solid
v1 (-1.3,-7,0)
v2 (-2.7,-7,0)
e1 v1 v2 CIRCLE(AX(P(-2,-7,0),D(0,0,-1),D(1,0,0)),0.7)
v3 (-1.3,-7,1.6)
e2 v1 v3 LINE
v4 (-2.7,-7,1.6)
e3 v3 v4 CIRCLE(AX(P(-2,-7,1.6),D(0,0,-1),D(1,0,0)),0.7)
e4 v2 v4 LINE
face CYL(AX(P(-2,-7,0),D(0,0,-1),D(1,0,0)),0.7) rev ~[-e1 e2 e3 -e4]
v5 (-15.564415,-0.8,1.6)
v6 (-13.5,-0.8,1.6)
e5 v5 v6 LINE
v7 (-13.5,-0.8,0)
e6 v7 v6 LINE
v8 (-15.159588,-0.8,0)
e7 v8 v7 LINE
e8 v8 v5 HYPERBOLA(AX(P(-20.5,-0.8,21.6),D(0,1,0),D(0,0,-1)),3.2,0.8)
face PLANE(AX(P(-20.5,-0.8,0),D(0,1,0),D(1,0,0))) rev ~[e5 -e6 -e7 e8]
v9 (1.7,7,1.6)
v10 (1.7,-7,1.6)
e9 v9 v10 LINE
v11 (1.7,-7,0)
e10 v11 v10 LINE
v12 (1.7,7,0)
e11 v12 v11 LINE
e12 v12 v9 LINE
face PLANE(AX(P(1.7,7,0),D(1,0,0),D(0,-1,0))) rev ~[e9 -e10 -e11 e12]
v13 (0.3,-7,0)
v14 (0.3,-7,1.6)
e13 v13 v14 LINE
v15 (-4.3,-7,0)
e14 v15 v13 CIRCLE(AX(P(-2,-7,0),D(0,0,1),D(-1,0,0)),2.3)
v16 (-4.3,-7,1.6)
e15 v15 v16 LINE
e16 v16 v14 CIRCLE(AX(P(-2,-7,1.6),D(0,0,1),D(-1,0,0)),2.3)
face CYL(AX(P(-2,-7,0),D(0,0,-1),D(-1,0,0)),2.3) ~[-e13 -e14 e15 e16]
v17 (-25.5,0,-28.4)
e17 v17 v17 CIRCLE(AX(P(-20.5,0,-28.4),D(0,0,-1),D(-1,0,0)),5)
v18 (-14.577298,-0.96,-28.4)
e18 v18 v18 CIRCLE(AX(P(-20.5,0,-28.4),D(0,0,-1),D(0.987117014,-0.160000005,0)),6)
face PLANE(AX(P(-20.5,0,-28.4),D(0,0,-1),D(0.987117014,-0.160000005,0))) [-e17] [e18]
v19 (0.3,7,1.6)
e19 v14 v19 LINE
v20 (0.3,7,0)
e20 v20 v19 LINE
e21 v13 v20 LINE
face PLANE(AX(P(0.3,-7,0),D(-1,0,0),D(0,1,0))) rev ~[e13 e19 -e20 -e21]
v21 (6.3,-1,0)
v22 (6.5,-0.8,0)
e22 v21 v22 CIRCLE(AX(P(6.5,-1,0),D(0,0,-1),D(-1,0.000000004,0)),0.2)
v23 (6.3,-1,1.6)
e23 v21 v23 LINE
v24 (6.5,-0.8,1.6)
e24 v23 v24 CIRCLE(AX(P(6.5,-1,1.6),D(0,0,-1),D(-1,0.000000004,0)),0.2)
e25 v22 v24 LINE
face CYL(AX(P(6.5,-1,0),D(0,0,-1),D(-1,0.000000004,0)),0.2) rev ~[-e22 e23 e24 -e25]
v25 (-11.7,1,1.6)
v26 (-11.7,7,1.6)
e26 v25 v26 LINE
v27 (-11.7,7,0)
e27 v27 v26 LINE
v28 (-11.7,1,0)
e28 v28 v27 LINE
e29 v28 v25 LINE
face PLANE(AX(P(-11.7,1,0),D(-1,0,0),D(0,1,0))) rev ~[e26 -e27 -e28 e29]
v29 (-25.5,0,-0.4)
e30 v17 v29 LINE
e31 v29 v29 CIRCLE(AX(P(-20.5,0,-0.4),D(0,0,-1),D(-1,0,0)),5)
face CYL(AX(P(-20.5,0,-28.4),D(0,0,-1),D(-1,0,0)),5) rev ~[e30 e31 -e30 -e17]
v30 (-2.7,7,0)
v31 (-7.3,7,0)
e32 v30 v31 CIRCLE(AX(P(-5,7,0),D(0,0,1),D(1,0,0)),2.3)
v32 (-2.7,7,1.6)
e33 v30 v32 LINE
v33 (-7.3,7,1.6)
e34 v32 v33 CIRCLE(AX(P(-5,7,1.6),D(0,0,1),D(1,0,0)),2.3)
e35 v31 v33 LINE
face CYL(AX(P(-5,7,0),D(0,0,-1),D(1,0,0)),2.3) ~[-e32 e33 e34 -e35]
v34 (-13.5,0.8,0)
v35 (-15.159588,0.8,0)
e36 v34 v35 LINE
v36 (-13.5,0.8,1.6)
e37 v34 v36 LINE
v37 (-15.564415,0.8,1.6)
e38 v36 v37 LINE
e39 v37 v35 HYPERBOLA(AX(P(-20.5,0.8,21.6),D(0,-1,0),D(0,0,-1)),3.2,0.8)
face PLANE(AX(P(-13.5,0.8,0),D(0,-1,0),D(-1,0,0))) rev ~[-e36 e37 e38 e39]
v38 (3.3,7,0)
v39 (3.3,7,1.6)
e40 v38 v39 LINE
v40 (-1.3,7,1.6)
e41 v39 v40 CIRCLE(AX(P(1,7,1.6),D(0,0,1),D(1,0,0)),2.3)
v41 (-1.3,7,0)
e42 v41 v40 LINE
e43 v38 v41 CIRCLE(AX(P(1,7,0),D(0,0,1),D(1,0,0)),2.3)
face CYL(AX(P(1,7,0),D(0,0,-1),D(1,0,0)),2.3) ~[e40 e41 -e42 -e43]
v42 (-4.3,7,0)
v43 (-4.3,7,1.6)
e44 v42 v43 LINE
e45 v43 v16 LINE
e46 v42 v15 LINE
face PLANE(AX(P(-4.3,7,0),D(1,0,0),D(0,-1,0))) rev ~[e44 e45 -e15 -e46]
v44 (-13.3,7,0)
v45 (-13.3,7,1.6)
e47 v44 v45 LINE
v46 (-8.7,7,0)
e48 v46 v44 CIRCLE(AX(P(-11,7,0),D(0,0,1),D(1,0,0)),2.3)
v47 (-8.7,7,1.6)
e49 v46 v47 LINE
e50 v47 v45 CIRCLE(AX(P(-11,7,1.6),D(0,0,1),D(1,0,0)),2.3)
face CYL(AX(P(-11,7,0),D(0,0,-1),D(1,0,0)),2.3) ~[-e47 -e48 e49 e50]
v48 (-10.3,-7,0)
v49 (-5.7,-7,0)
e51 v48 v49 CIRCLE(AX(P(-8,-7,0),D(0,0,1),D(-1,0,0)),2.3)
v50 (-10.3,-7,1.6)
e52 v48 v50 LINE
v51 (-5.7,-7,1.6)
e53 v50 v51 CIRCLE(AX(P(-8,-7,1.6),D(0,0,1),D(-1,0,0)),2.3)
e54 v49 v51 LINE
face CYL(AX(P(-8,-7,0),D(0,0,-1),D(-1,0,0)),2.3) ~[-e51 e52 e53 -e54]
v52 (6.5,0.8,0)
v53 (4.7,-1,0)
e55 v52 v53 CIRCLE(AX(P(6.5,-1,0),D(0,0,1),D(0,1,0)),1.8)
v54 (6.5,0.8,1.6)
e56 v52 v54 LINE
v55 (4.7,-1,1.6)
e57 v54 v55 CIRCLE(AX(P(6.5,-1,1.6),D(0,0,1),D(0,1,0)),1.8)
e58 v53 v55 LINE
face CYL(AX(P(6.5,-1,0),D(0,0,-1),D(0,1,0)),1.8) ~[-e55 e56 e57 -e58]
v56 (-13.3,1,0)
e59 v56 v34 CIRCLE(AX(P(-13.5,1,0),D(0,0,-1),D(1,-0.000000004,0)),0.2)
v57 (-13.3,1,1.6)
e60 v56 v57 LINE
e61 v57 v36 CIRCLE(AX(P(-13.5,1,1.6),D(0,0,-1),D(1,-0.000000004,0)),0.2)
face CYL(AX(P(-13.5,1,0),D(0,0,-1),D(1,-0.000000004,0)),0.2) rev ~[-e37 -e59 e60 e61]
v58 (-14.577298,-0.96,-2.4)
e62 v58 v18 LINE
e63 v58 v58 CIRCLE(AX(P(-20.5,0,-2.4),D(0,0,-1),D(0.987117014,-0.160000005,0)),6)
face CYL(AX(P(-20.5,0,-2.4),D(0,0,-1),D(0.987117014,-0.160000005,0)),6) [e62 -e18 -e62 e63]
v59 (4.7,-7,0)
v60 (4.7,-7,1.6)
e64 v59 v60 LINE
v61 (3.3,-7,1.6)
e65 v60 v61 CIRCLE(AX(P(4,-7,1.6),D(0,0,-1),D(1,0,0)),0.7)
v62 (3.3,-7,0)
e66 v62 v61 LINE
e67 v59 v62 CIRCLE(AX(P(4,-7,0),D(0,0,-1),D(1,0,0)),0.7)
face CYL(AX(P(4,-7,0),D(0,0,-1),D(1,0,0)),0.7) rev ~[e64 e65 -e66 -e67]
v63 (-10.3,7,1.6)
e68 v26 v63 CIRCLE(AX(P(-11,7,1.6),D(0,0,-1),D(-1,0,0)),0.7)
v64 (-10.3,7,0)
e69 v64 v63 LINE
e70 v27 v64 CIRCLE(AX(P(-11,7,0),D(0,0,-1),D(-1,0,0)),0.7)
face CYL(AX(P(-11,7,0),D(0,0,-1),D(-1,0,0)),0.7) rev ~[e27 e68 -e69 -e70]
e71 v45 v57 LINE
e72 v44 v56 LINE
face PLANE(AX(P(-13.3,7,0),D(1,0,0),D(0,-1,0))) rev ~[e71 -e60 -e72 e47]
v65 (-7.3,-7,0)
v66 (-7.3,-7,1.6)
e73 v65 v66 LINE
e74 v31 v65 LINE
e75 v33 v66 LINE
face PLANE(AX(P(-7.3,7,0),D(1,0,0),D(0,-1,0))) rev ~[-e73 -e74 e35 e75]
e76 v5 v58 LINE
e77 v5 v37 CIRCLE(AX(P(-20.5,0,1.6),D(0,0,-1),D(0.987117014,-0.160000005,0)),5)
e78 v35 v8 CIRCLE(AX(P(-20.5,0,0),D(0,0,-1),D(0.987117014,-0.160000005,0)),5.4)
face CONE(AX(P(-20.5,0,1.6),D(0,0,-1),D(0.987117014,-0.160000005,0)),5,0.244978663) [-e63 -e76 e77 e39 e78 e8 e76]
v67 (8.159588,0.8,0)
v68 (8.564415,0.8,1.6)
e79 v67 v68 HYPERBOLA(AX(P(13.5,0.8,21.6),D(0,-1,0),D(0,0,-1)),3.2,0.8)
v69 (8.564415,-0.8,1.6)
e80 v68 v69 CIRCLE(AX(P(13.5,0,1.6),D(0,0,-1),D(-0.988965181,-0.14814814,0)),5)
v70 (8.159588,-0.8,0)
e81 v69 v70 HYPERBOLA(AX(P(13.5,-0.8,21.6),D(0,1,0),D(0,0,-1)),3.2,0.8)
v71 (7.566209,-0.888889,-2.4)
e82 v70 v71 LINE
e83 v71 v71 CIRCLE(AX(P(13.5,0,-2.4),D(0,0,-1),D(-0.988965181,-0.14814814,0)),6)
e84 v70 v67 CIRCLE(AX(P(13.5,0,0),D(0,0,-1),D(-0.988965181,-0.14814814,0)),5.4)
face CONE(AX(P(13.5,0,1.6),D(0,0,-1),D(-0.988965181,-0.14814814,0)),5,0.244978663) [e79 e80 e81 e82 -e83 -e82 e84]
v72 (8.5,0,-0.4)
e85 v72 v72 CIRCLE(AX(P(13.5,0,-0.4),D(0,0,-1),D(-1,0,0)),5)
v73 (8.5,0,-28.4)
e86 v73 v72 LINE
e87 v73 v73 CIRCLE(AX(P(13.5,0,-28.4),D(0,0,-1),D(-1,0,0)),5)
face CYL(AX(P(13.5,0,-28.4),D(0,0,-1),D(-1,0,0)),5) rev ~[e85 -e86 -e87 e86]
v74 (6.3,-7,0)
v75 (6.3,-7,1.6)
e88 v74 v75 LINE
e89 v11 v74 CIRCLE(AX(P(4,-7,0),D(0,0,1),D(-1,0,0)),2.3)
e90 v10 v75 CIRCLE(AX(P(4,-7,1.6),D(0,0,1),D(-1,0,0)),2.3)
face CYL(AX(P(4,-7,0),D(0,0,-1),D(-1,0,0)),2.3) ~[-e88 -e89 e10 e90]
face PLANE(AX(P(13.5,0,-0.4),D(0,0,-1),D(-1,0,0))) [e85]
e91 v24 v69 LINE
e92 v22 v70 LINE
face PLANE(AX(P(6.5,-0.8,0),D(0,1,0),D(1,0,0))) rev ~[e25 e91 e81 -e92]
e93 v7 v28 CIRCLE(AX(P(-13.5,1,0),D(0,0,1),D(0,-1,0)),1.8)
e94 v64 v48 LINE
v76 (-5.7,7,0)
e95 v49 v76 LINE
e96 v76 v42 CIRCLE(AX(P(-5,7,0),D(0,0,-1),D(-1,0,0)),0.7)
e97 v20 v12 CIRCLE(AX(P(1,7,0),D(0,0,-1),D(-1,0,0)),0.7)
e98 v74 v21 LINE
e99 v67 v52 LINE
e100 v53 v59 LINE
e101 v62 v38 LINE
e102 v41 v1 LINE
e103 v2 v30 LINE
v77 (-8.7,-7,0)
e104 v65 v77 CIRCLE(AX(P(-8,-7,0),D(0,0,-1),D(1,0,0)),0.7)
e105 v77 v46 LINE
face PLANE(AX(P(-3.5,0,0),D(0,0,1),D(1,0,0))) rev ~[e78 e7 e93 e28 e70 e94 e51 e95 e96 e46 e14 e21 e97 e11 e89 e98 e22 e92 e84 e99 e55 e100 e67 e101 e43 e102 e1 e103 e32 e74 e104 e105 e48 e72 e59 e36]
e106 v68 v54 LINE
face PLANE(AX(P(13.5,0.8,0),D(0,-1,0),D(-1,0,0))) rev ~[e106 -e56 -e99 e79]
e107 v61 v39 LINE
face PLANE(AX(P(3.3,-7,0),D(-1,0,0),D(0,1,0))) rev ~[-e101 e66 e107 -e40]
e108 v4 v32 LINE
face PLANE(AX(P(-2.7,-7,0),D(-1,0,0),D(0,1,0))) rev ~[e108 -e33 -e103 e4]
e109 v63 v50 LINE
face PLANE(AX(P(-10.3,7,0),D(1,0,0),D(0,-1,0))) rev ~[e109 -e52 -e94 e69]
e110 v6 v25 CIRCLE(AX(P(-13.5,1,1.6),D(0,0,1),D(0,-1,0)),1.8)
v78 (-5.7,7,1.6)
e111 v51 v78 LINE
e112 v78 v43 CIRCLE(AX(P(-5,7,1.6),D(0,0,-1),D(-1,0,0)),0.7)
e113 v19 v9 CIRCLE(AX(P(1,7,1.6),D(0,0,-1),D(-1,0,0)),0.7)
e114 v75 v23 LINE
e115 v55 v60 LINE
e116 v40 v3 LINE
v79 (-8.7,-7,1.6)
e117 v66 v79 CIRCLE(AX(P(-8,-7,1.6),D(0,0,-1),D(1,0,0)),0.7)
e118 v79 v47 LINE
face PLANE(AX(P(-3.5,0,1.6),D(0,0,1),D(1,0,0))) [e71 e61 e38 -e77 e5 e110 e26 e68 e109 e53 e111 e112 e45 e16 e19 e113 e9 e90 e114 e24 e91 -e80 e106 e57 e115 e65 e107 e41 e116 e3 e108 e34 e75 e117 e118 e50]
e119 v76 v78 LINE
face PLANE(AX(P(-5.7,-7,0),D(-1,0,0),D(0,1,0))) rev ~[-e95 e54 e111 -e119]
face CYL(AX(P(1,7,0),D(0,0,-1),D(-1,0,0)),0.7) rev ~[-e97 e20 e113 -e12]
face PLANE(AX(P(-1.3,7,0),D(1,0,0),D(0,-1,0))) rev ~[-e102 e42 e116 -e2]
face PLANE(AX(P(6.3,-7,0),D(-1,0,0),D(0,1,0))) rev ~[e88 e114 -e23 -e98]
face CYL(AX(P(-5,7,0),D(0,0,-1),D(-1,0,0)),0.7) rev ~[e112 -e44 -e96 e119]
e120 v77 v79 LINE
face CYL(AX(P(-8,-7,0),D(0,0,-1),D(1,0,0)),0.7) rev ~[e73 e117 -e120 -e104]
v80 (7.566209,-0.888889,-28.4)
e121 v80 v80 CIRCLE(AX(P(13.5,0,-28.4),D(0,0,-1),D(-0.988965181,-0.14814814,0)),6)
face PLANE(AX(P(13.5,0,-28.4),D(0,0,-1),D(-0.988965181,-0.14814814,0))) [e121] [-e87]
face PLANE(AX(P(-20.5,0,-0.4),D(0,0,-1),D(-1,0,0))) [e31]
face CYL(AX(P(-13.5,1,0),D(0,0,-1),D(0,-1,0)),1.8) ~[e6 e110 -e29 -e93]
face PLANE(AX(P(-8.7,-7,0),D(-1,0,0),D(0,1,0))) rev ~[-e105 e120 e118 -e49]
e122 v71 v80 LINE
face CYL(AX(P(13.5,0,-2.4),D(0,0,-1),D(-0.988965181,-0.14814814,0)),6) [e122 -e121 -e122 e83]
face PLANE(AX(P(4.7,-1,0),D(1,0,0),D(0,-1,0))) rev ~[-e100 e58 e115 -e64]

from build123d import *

# Parameters (mm, degrees)
BOSS_EXTRUDE1_DEPTH = 1.6
SKETCH5_R           = 5
CUT_EXTRUDE1_DEPTH  = 28


with BuildPart() as part:
    # Sketch2 → Boss-Extrude1 (new body)
    with BuildSketch(Plane.XY):
        with BuildLine():
            Line((-20.5, -0.8), (-13.5, -0.8))
            ThreePointArc((-13.5, -0.8), (-12.227207794, -0.272792206), (-11.7, 1))
            Line((-11.7, 1), (-11.7, 7))
            ThreePointArc((-11.7, 7), (-11, 7.7), (-10.3, 7))
            Line((-10.3, 7), (-10.3, 0))
            Line((-10.3, 0), (-10.3, -7))
            ThreePointArc((-10.3, -7), (-8, -9.3), (-5.7, -7))
            Line((-5.7, -7), (-5.7, 0))
            Line((-5.7, 0), (-5.7, 7))
            ThreePointArc((-5.7, 7), (-5, 7.7), (-4.3, 7))
            Line((-4.3, 7), (-4.3, 0))
            Line((-4.3, 0), (-4.3, -7))
            ThreePointArc((-4.3, -7), (-2, -9.3), (0.3, -7))
            Line((0.3, -7), (0.3, 0))
            Line((0.3, 0), (0.3, 7))
            ThreePointArc((0.3, 7), (1, 7.7), (1.7, 7))
            Line((1.7, 7), (1.7, 0))
            Line((1.7, 0), (1.7, -7))
            ThreePointArc((1.7, -7), (4, -9.3), (6.3, -7))
            Line((6.3, -7), (6.3, -1))
            ThreePointArc((6.3, -1), (6.358578644, -0.858578644), (6.5, -0.8))
            Line((6.5, -0.8), (13.5, -0.8))
            ThreePointArc((13.5, -0.8), (14.3, 0), (13.5, 0.8))
            Line((13.5, 0.8), (6.5, 0.8))
            ThreePointArc((6.5, 0.8), (5.227207794, 0.272792206), (4.7, -1))
            Line((4.7, -1), (4.7, -7))
            ThreePointArc((4.7, -7), (4, -7.7), (3.3, -7))
            Line((3.3, -7), (3.3, 0))
            Line((3.3, 0), (3.3, 7))
            ThreePointArc((3.3, 7), (1, 9.3), (-1.3, 7))
            Line((-1.3, 7), (-1.3, 0))
            Line((-1.3, 0), (-1.3, -7))
            ThreePointArc((-1.3, -7), (-2, -7.7), (-2.7, -7))
            Line((-2.7, -7), (-2.7, 0))
            Line((-2.7, 0), (-2.7, 7))
            ThreePointArc((-2.7, 7), (-5, 9.3), (-7.3, 7))
            Line((-7.3, 7), (-7.3, 0))
            Line((-7.3, 0), (-7.3, -7))
            ThreePointArc((-7.3, -7), (-8, -7.7), (-8.7, -7))
            Line((-8.7, -7), (-8.7, 0))
            Line((-8.7, 0), (-8.7, 7))
            ThreePointArc((-8.7, 7), (-11, 9.3), (-13.3, 7))
            Line((-13.3, 7), (-13.3, 1))
            ThreePointArc((-13.3, 1), (-13.358578644, 0.858578644), (-13.5, 0.8))
            Line((-13.5, 0.8), (-20.5, 0.8))
            ThreePointArc((-20.5, 0.8), (-21.3, 0), (-20.5, -0.8))
        make_face()
    extrude(amount=BOSS_EXTRUDE1_DEPTH)

    # Sketch3 → Revolve1 (revolve)
    with BuildSketch(Plane(origin=(0, 0, 0), x_dir=(1, 0, 0), z_dir=(0, 1, 0)), mode=Mode.PRIVATE) as revolve1_sk:
        Polygon((-20.5, -1.6), (-25.5, -1.6), (-26.5, 2.4), (-26.5, 28.4), (-20.5, 28.4), align=None)
    revolve(revolve1_sk.sketch.rotate(Axis((-20.5, 0, 1.6), (0, 0, -1)), 189.206896488), axis=Axis((-20.5, 0, 1.6), (0, 0, -1)))

    # Sketch4 → Revolve2 (revolve)
    with BuildSketch(Plane(origin=(0, 0, 0), x_dir=(1, 0, 0), z_dir=(0, 1, 0)), mode=Mode.PRIVATE) as revolve2_sk:
        Polygon((13.5, -1.6), (18.5, -1.6), (19.5, 2.4), (19.5, 28.4), (13.5, 28.4), align=None)
    revolve(revolve2_sk.sketch.rotate(Axis((13.5, 0, 1.6), (0, 0, -1)), 171.480376203), axis=Axis((13.5, 0, 1.6), (0, 0, -1)))

    # Sketch5 → Cut-Extrude1 (cut)
    with BuildSketch(Plane(origin=(0, 0, -28.4), x_dir=(-1, 0, 0), z_dir=(0, 0, -1))):
        with Locations((20.5, 0)):
            Circle(SKETCH5_R)
        with Locations((-13.5, 0)):
            Circle(SKETCH5_R)
    extrude(amount=-CUT_EXTRUDE1_DEPTH, mode=Mode.SUBTRACT)


solid = part.part
